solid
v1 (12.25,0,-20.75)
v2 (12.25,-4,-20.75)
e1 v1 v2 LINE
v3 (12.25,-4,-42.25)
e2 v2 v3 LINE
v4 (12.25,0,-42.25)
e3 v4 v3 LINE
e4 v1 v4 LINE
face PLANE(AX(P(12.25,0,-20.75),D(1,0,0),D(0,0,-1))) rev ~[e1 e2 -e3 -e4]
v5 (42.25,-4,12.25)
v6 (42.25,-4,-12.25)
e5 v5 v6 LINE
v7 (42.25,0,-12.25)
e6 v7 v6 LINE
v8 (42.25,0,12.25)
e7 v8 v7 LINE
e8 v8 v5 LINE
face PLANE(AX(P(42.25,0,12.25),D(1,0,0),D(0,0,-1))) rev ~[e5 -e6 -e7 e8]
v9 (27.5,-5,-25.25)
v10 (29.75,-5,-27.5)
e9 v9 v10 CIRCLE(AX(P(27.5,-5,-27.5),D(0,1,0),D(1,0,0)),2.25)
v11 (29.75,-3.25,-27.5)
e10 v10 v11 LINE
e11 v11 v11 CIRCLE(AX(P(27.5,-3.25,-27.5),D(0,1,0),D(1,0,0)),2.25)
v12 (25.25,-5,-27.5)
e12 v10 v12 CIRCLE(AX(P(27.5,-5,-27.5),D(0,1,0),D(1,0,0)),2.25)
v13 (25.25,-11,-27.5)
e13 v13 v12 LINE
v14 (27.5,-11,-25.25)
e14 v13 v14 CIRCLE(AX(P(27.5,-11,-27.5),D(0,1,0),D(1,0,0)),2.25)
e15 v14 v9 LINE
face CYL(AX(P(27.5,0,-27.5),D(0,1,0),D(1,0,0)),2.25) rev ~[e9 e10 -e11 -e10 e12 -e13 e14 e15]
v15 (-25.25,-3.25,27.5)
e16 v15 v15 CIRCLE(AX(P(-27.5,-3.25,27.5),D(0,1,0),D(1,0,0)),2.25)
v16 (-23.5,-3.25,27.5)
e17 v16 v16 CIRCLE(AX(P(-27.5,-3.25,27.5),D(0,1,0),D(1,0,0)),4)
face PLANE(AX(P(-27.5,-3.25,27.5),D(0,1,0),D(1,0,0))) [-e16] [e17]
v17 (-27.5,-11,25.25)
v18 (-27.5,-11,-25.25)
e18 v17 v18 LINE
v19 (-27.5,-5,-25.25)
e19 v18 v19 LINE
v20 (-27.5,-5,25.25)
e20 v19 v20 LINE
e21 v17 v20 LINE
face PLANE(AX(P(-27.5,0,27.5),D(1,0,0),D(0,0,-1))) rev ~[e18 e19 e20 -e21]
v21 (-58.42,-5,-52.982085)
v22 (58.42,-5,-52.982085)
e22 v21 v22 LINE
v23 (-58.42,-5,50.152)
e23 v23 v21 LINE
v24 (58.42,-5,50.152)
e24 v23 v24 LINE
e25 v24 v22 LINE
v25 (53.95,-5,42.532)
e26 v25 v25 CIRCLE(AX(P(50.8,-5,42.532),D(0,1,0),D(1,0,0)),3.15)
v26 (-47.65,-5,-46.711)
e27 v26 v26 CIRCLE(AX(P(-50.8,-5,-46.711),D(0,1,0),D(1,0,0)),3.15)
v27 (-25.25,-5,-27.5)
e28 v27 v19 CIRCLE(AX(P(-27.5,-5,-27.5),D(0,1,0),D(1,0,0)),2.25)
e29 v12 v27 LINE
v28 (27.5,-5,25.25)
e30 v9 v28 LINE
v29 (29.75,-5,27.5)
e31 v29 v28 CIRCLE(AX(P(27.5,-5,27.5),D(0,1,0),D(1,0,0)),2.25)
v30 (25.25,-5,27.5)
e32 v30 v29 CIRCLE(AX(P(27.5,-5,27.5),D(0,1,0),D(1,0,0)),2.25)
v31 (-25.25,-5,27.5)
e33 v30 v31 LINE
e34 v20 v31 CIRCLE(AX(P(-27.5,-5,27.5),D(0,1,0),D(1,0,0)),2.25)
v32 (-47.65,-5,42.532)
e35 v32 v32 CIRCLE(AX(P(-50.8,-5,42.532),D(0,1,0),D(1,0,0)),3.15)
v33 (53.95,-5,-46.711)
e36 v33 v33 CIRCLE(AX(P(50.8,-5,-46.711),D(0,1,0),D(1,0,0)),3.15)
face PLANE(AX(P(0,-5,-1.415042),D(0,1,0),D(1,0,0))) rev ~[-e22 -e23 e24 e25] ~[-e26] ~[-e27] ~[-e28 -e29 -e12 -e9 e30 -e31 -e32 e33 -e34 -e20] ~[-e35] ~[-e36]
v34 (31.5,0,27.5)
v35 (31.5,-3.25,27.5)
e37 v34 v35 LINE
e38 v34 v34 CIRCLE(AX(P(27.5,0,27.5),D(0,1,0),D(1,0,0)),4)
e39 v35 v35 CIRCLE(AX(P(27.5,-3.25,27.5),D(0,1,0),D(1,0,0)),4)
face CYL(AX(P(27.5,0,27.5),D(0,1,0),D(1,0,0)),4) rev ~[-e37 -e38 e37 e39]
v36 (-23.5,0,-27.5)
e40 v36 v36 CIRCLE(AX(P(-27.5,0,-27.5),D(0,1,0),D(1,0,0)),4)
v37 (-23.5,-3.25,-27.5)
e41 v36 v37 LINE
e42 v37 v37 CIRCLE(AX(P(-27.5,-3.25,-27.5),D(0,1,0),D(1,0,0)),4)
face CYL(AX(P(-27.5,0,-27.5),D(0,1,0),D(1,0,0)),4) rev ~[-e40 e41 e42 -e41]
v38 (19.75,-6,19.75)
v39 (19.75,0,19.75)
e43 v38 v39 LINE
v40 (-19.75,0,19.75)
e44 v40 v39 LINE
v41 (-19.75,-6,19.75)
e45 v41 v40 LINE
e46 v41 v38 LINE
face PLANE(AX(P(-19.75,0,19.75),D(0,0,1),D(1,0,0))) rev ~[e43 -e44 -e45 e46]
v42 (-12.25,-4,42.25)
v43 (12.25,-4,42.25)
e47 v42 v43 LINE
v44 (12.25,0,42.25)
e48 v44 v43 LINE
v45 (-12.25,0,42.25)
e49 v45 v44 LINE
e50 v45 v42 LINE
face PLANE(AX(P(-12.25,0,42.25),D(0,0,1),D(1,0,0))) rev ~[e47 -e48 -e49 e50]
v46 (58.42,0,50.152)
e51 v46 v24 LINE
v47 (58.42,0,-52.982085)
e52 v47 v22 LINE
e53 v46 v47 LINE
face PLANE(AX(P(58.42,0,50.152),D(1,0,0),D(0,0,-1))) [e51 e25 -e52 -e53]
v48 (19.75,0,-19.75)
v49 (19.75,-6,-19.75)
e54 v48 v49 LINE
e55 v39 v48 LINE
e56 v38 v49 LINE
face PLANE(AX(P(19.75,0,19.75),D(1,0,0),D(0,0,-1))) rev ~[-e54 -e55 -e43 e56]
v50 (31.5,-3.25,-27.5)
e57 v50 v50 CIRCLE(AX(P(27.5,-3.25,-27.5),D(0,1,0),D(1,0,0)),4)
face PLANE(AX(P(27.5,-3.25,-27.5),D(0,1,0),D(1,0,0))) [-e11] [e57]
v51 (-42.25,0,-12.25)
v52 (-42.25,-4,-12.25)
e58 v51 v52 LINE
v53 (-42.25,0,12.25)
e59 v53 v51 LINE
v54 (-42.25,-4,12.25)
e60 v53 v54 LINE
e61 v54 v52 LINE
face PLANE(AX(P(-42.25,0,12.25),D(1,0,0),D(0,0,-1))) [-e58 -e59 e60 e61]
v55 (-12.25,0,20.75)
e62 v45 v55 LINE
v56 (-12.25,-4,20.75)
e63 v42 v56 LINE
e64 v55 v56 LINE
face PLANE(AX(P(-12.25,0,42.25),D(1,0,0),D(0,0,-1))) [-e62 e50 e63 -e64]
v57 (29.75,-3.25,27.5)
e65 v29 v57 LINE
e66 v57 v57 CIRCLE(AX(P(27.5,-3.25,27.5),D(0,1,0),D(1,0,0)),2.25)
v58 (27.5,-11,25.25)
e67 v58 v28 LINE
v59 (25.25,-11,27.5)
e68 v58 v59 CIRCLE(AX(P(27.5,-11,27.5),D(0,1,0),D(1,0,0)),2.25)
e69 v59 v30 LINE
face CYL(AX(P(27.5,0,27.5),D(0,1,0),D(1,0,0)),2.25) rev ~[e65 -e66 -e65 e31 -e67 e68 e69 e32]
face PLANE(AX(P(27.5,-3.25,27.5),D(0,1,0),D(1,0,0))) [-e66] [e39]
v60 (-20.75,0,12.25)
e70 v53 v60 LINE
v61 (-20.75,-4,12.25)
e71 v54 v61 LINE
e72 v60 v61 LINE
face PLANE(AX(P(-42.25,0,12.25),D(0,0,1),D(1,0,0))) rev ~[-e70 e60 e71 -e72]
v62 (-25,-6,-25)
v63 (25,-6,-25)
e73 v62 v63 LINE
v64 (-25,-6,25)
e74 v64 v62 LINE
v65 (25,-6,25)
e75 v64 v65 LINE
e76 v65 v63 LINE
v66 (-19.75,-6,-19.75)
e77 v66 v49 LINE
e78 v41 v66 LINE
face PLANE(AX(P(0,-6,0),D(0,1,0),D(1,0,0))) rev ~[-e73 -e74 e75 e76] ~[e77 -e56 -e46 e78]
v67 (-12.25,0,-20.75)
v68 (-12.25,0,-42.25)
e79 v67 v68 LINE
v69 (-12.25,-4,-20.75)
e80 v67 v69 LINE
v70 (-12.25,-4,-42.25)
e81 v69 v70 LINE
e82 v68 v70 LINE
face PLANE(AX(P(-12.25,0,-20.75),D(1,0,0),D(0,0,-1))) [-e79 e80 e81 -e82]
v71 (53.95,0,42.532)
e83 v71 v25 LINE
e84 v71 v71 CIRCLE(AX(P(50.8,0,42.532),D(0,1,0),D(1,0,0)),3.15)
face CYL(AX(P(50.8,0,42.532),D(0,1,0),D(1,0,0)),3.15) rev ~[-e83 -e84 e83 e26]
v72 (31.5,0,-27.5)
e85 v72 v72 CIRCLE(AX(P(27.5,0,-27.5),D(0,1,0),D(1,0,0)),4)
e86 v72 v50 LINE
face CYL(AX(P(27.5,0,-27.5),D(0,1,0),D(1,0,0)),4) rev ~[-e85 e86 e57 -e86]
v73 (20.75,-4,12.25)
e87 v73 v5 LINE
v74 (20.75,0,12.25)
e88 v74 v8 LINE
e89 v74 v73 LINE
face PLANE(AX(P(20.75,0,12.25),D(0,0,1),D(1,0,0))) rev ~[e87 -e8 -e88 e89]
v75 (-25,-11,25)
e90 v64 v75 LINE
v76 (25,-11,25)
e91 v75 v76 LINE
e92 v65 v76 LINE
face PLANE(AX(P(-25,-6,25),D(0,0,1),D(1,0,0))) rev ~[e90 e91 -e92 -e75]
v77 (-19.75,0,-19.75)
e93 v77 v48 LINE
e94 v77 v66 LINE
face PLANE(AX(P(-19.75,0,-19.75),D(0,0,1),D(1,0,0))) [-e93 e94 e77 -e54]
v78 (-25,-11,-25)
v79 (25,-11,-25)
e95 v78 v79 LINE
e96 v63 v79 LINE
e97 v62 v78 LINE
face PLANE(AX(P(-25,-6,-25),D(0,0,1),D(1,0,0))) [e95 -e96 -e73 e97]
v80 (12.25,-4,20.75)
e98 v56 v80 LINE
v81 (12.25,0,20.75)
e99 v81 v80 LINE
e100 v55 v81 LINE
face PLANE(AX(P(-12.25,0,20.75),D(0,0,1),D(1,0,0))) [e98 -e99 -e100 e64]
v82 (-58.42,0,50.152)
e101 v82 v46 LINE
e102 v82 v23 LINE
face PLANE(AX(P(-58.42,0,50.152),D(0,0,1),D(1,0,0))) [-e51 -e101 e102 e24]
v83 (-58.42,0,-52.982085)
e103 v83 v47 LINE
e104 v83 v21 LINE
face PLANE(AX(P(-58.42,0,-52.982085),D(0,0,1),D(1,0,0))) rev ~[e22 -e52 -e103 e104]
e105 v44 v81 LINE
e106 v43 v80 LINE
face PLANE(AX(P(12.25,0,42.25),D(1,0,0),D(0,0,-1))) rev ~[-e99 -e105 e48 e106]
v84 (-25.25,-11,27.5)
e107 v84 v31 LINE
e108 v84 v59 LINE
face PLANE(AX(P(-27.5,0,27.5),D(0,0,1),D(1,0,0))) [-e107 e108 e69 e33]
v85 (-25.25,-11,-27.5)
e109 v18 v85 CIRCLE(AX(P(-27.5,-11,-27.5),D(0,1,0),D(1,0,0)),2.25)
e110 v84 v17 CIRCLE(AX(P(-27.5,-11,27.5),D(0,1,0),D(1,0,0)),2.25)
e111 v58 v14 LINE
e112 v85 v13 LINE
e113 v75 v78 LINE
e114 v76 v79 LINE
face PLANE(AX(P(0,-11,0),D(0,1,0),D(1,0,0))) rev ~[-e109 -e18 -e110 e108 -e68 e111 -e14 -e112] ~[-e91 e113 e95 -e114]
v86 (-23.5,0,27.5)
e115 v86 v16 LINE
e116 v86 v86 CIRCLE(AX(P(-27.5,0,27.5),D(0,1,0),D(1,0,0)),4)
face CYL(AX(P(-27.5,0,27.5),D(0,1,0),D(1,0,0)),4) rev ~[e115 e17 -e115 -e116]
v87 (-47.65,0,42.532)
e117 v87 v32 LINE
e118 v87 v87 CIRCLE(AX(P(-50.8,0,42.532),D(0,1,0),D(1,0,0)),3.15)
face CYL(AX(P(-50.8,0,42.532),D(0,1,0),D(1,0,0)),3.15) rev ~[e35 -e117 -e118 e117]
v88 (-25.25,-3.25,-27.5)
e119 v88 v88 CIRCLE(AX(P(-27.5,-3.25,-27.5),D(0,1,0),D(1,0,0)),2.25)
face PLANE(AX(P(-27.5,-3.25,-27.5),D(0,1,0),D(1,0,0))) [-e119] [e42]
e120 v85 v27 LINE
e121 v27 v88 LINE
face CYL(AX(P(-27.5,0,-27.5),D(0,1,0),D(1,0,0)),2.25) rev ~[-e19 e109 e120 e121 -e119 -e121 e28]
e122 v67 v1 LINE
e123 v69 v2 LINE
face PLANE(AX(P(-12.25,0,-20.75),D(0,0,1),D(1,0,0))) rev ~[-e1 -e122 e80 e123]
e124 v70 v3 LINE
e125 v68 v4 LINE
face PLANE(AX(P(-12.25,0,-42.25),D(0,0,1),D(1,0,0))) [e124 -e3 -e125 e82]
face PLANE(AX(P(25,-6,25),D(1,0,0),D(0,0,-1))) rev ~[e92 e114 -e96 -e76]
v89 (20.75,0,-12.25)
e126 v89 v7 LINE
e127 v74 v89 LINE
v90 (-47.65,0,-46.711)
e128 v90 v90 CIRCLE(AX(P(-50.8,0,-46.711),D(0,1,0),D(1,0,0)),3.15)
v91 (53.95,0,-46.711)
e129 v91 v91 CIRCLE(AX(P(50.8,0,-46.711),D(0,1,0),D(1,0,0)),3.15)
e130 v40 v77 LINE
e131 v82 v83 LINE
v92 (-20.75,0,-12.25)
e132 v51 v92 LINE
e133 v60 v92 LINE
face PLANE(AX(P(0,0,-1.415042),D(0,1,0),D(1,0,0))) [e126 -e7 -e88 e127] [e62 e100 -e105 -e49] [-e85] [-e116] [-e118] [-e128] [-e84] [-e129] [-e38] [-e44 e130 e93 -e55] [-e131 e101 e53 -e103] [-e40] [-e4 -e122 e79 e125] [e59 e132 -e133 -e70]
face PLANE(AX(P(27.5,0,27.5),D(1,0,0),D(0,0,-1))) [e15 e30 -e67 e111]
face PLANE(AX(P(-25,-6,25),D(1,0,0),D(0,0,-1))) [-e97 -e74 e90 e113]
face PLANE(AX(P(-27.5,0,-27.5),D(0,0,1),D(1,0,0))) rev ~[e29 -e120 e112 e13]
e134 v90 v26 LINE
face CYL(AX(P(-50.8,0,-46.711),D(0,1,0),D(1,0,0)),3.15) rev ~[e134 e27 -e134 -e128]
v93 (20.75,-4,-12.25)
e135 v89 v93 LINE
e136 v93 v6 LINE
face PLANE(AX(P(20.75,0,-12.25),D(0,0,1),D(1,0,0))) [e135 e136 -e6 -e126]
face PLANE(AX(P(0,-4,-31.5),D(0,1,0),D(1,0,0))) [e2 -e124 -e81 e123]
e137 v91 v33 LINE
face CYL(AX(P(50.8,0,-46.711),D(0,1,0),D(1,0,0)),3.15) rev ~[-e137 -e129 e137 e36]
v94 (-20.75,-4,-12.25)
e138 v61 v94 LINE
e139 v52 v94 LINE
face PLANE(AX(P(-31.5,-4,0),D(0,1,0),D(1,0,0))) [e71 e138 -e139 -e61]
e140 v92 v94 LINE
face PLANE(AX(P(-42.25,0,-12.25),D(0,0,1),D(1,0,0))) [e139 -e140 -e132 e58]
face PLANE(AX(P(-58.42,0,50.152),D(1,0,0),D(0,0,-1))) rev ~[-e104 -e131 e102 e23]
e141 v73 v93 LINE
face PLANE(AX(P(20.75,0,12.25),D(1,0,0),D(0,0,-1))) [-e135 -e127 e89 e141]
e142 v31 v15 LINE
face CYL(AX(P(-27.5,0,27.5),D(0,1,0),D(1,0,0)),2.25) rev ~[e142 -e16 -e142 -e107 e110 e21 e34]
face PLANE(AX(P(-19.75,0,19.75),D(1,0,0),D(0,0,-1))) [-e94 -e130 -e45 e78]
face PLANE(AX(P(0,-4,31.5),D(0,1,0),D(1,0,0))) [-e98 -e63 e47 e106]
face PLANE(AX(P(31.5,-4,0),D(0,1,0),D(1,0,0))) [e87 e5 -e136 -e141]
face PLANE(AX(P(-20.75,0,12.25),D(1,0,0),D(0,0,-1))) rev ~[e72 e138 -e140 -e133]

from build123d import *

# Parameters (mm, degrees)
SKETCH1_W              = 116.84
SKETCH1_H              = 103.134084814
SKETCH1_R              = 3.15
BOSS_EXTRUDE1_DEPTH    = 5
SKETCH12_W             = 85
SKETCH12_H             = 23.975046692
BOSS_EXTRUDE15_DEPTH   = 5
SKETCH17_W             = 50
SKETCH17_H             = 50
BOSS_EXTRUDE18_DEPTH   = 6
SKETCH10_W             = 39.5
SKETCH10_H             = 39.5
BOSS_EXTRUDE19_DEPTH   = 25
SKETCH19_W             = 55
SKETCH19_H             = 55
BOSS_EXTRUDE20_DEPTH   = 11
SKETCH20_R             = 2.25
BOSS_EXTRUDE22_DEPTH   = 25
BOSS_EXTRUDE22_2_DEPTH = 25
BOSS_EXTRUDE22_3_DEPTH = 25
BOSS_EXTRUDE22_4_DEPTH = 25
SKETCH21_W             = 24.5
SKETCH21_H             = 21.5
BOSS_EXTRUDE23_DEPTH   = 4
SKETCH21_W_2           = 21.5
SKETCH21_H_2           = 24.5
BOSS_EXTRUDE23_2_DEPTH = 4
BOSS_EXTRUDE23_3_DEPTH = 4
BOSS_EXTRUDE23_4_DEPTH = 4
SKETCH25_R             = 4
BOSS_EXTRUDE24_DEPTH   = 3.25
BOSS_EXTRUDE24_2_DEPTH = 3.25
BOSS_EXTRUDE24_3_DEPTH = 3.25
BOSS_EXTRUDE24_4_DEPTH = 3.25


with BuildPart() as part:
    # Sketch1 → Boss-Extrude1 (new body)
    with BuildSketch(Plane(origin=(0, 0, 0), x_dir=(1, 0, 0), z_dir=(0, 1, 0))):
        with Locations((0, 1.415042407)):
            Rectangle(SKETCH1_W, SKETCH1_H)
        with Locations((-50.8, 46.711)):
            Circle(SKETCH1_R, mode=Mode.SUBTRACT)
        with Locations((50.8, -42.532)):
            Circle(SKETCH1_R, mode=Mode.SUBTRACT)
        with Locations((-50.8, -42.532)):
            Circle(SKETCH1_R, mode=Mode.SUBTRACT)
        with Locations((50.8, 46.711)):
            Circle(SKETCH1_R, mode=Mode.SUBTRACT)
    extrude(amount=-BOSS_EXTRUDE1_DEPTH)


with BuildPart() as body_2:
    # Sketch12 → Boss-Extrude15 (new body)
    with BuildSketch(Plane(origin=(0, 0, 0), x_dir=(1, 0, 0), z_dir=(0, 1, 0))):
        with Locations((0, 58)):
            Rectangle(SKETCH12_W, SKETCH12_H)
    extrude(amount=BOSS_EXTRUDE15_DEPTH)


with BuildPart() as body_3:
    # Sketch17 → Boss-Extrude18 (new body)
    with BuildSketch(Plane(origin=(0, 0, 0), x_dir=(1, 0, 0), z_dir=(0, 1, 0))):
        Rectangle(SKETCH17_W, SKETCH17_H)
    extrude(amount=-BOSS_EXTRUDE18_DEPTH)


with BuildPart() as body_4:
    # Sketch10 → Boss-Extrude19 (new body, symmetric)
    with BuildSketch(Plane(origin=(0, 0, 0), x_dir=(1, 0, 0), z_dir=(0, 1, 0))):
        Rectangle(SKETCH10_W, SKETCH10_H)
    extrude(amount=BOSS_EXTRUDE19_DEPTH, both=True)


with BuildPart() as body_5:
    # Sketch19 → Boss-Extrude20 (new body)
    with BuildSketch(Plane(origin=(0, 0, 0), x_dir=(1, 0, 0), z_dir=(0, 1, 0))):
        Rectangle(SKETCH19_W, SKETCH19_H)
    extrude(amount=-BOSS_EXTRUDE20_DEPTH)


with BuildPart() as part_1:
    add(part.part)

    # Combine1: cut body 2
    add(body_2.part, mode=Mode.SUBTRACT)


with BuildPart() as body_3_1:
    # Body-Move/Copy4: moved
    add(body_3.part.moved(Location((0, -6, 0))))


with BuildPart() as body_5_1:
    add(body_5.part)

    # Combine4: cut body 3
    add(body_3_1.part, mode=Mode.SUBTRACT)

    # Combine7: union part
    add(part_1.part)

    # Combine8: cut body 4
    add(body_4.part, mode=Mode.SUBTRACT)


with BuildPart() as body_2_2:
    # Sketch20 → Boss-Extrude22 (new body, symmetric)
    with BuildSketch(Plane(origin=(0, 0, 0), x_dir=(1, 0, 0), z_dir=(0, 1, 0))):
        with Locations((27.5, 27.5)):
            Circle(SKETCH20_R)
    extrude(amount=BOSS_EXTRUDE22_DEPTH, both=True)


with BuildPart() as body_3_2:
    # Sketch20 → Boss-Extrude22 2 (new body, symmetric)
    with BuildSketch(Plane(origin=(0, 0, 0), x_dir=(1, 0, 0), z_dir=(0, 1, 0))):
        with Locations((27.5, -27.5)):
            Circle(SKETCH20_R)
    extrude(amount=BOSS_EXTRUDE22_2_DEPTH, both=True)


with BuildPart() as body_4_2:
    # Sketch20 → Boss-Extrude22 3 (new body, symmetric)
    with BuildSketch(Plane(origin=(0, 0, 0), x_dir=(1, 0, 0), z_dir=(0, 1, 0))):
        with Locations((-27.5, -27.5)):
            Circle(SKETCH20_R)
    extrude(amount=BOSS_EXTRUDE22_3_DEPTH, both=True)


with BuildPart() as body_5_2:
    # Sketch20 → Boss-Extrude22 4 (new body, symmetric)
    with BuildSketch(Plane(origin=(0, 0, 0), x_dir=(1, 0, 0), z_dir=(0, 1, 0))):
        with Locations((-27.5, 27.5)):
            Circle(SKETCH20_R)
    extrude(amount=BOSS_EXTRUDE22_4_DEPTH, both=True)


with BuildPart() as body_5_3:
    add(body_5_1.part)

    # Combine9: cut body 4 2, body 3 2, body 2 2, body 5 2
    add(body_4_2.part, mode=Mode.SUBTRACT)
    add(body_3_2.part, mode=Mode.SUBTRACT)
    add(body_2_2.part, mode=Mode.SUBTRACT)
    add(body_5_2.part, mode=Mode.SUBTRACT)


with BuildPart() as body_2_3:
    # Sketch21 → Boss-Extrude23 (new body)
    with BuildSketch(Plane(origin=(0, 0, 0), x_dir=(1, 0, 0), z_dir=(0, 1, 0))):
        with Locations((0, 31.5)):
            Rectangle(SKETCH21_W, SKETCH21_H)
    extrude(amount=-BOSS_EXTRUDE23_DEPTH)


with BuildPart() as body_3_3:
    # Sketch21 → Boss-Extrude23 2 (new body)
    with BuildSketch(Plane(origin=(0, 0, 0), x_dir=(1, 0, 0), z_dir=(0, 1, 0))):
        with Locations((31.5, 0)):
            Rectangle(SKETCH21_W_2, SKETCH21_H_2)
    extrude(amount=-BOSS_EXTRUDE23_2_DEPTH)


with BuildPart() as body_4_3:
    # Sketch21 → Boss-Extrude23 3 (new body)
    with BuildSketch(Plane(origin=(0, 0, 0), x_dir=(1, 0, 0), z_dir=(0, 1, 0))):
        with Locations((-31.5, 0)):
            Rectangle(SKETCH21_W_2, SKETCH21_H_2)
    extrude(amount=-BOSS_EXTRUDE23_3_DEPTH)


with BuildPart() as body_5_3_1:
    # Sketch21 → Boss-Extrude23 4 (new body)
    with BuildSketch(Plane(origin=(0, 0, 0), x_dir=(1, 0, 0), z_dir=(0, 1, 0))):
        with Locations((0, -31.5)):
            Rectangle(SKETCH21_W, SKETCH21_H)
    extrude(amount=-BOSS_EXTRUDE23_4_DEPTH)


with BuildPart() as body_5_4:
    add(body_5_3.part)

    # Combine10: cut body 3 3, body 2 3, body 5 3, body 4 3
    add(body_3_3.part, mode=Mode.SUBTRACT)
    add(body_2_3.part, mode=Mode.SUBTRACT)
    add(body_5_3_1.part, mode=Mode.SUBTRACT)
    add(body_4_3.part, mode=Mode.SUBTRACT)


with BuildPart() as body_2_4:
    # Sketch25 → Boss-Extrude24 (new body)
    with BuildSketch(Plane(origin=(0, 0, 0), x_dir=(1, 0, 0), z_dir=(0, 1, 0))):
        with Locations((27.5, 27.5)):
            Circle(SKETCH25_R)
    extrude(amount=-BOSS_EXTRUDE24_DEPTH)


with BuildPart() as body_3_4:
    # Sketch25 → Boss-Extrude24 2 (new body)
    with BuildSketch(Plane(origin=(0, 0, 0), x_dir=(1, 0, 0), z_dir=(0, 1, 0))):
        with Locations((-27.5, 27.5)):
            Circle(SKETCH25_R)
    extrude(amount=-BOSS_EXTRUDE24_2_DEPTH)


with BuildPart() as body_4_4:
    # Sketch25 → Boss-Extrude24 3 (new body)
    with BuildSketch(Plane(origin=(0, 0, 0), x_dir=(1, 0, 0), z_dir=(0, 1, 0))):
        with Locations((-27.5, -27.5)):
            Circle(SKETCH25_R)
    extrude(amount=-BOSS_EXTRUDE24_3_DEPTH)


with BuildPart() as body_5_4_1:
    # Sketch25 → Boss-Extrude24 4 (new body)
    with BuildSketch(Plane(origin=(0, 0, 0), x_dir=(1, 0, 0), z_dir=(0, 1, 0))):
        with Locations((27.5, -27.5)):
            Circle(SKETCH25_R)
    extrude(amount=-BOSS_EXTRUDE24_4_DEPTH)


with BuildPart() as body_5_5:
    add(body_5_4.part)

    # Combine11: cut body 4 4, body 3 4, body 2 4, body 5 4
    add(body_4_4.part, mode=Mode.SUBTRACT)
    add(body_3_4.part, mode=Mode.SUBTRACT)
    add(body_2_4.part, mode=Mode.SUBTRACT)
    add(body_5_4_1.part, mode=Mode.SUBTRACT)


solid = body_5_5.part
